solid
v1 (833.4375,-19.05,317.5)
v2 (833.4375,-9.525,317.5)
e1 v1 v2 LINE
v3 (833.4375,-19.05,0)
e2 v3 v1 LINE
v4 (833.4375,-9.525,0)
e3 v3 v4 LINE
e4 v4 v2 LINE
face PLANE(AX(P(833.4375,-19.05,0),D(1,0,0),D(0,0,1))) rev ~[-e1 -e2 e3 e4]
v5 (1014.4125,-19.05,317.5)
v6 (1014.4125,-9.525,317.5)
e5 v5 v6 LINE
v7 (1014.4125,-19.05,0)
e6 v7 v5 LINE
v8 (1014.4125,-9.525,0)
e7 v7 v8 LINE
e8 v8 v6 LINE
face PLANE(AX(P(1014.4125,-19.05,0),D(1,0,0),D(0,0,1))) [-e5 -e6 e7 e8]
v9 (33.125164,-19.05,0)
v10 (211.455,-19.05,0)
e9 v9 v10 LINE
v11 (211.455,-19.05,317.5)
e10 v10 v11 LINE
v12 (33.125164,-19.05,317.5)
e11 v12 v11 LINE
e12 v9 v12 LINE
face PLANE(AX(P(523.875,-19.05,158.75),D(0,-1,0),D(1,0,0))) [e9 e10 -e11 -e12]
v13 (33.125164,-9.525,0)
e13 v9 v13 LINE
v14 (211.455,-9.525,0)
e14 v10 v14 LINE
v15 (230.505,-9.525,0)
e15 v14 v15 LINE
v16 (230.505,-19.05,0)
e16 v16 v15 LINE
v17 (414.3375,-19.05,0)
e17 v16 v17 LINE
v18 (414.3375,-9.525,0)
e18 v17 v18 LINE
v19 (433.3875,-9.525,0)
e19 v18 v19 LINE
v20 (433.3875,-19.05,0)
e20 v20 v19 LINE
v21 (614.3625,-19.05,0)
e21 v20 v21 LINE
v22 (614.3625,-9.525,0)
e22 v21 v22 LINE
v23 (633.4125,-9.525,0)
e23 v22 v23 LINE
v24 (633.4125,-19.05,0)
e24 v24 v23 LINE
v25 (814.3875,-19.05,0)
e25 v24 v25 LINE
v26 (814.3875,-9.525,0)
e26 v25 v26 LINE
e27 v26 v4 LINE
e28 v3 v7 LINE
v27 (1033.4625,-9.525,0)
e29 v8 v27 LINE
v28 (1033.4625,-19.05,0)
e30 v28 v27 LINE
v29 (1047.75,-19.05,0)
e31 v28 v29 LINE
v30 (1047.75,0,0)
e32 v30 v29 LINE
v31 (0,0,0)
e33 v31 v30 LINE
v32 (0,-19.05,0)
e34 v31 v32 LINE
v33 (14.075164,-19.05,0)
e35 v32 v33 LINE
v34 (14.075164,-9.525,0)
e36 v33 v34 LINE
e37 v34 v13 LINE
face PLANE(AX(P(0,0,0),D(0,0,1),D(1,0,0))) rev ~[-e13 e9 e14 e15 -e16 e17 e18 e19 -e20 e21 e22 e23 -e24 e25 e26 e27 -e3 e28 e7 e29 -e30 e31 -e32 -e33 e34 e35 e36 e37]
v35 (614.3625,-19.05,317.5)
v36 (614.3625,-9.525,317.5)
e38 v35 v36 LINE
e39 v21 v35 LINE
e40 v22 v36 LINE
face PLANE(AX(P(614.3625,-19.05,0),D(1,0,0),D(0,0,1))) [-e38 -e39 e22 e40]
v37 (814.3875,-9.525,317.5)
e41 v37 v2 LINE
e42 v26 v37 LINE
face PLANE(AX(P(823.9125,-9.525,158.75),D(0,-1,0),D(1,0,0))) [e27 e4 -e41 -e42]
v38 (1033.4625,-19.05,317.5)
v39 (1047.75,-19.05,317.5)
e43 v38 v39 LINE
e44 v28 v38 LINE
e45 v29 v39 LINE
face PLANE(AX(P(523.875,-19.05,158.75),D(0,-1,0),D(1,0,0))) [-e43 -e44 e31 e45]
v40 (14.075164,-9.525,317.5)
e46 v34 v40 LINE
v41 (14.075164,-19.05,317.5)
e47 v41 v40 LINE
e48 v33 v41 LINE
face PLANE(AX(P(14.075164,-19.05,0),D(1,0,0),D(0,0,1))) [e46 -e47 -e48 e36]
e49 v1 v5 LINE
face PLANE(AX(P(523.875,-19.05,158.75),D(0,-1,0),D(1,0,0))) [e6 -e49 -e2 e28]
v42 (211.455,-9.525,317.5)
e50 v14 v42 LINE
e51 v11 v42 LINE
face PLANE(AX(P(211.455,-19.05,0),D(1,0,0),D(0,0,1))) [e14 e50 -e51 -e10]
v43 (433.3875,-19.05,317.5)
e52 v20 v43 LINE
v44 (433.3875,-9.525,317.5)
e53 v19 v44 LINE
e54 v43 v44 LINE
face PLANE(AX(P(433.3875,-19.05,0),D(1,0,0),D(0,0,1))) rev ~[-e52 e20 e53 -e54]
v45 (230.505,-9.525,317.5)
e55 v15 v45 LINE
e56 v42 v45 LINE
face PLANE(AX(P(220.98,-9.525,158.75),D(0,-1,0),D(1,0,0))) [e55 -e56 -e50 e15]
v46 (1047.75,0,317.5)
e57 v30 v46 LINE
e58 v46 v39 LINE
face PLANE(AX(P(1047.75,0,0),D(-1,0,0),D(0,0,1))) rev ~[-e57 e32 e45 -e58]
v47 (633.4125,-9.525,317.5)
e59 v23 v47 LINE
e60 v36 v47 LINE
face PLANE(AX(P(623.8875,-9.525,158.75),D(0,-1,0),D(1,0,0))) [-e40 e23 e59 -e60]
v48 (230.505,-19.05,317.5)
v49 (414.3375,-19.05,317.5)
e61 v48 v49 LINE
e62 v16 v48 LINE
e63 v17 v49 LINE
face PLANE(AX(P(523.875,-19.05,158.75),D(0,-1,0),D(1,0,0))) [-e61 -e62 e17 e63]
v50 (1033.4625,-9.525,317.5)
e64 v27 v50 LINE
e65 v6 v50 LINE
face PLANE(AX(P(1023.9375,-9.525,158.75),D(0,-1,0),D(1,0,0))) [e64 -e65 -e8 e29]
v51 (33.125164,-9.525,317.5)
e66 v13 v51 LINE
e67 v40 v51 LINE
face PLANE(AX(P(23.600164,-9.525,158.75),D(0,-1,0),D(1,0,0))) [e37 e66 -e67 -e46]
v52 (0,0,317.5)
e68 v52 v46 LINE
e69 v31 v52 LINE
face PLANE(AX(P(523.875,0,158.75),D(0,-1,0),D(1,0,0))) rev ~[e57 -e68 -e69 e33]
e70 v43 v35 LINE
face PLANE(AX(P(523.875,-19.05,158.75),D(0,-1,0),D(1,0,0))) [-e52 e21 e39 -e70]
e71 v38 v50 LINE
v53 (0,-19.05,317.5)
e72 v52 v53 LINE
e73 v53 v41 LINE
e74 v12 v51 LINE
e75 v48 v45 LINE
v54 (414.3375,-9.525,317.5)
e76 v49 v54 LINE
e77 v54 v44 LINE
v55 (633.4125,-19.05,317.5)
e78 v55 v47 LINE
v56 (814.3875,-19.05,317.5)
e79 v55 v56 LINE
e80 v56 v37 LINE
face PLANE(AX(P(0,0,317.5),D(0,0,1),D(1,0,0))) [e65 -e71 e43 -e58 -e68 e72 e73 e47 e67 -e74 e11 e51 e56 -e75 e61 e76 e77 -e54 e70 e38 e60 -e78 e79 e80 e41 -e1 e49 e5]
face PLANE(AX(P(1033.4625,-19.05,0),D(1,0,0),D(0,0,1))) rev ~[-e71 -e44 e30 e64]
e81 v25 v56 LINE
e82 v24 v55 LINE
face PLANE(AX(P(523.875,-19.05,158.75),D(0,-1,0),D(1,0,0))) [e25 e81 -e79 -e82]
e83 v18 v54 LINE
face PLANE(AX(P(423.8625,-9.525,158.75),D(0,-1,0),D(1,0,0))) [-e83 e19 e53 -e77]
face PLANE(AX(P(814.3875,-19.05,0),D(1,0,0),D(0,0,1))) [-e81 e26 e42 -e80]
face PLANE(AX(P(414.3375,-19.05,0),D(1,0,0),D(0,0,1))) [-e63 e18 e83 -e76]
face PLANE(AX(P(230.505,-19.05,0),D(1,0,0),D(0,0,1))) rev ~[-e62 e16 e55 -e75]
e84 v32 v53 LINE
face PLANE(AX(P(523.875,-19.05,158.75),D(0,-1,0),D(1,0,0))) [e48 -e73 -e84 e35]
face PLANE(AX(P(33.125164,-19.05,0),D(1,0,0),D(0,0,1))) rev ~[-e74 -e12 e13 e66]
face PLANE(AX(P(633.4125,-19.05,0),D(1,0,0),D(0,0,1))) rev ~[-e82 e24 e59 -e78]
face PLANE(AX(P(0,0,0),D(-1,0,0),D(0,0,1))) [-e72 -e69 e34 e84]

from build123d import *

# Parameters (mm, degrees)
F0_W      = 1047.75
F0_H      = 317.5
F1_DEPTH  = 19.05
F2_W      = 19.05
F2_H      = 317.5
F3_DEPTH  = 9.525
F4_W      = 19.05
F4_H      = 317.5
F5_DEPTH  = 9.525
F6_W      = 19.05
F6_H      = 317.5
F7_DEPTH  = 9.525
F8_W      = 19.05
F8_H      = 317.5
F9_DEPTH  = 9.525
F10_W     = 19.05
F10_H     = 317.5
F11_DEPTH = 9.525
F12_W     = 19.05
F12_H     = 317.5
F13_DEPTH = 9.525


with BuildPart() as f1:
    # F0 (on Front) → F1 (new body)
    with BuildSketch(Plane.XZ):
        with Locations((523.875, 158.75)):
            Rectangle(F0_W, F0_H)
    extrude(amount=F1_DEPTH)

    # F2 (on face) → F3 (cut)
    with BuildSketch(Plane.XZ.offset(19.05)):
        with Locations((23.600164, 158.75)):
            Rectangle(F2_W, F2_H)
    extrude(amount=-F3_DEPTH, mode=Mode.SUBTRACT)

    # F4 (on face) → F5 (cut)
    with BuildSketch(Plane.XZ.offset(19.05)):
        with Locations((1023.9375, 158.75)):
            Rectangle(F4_W, F4_H)
    extrude(amount=-F5_DEPTH, mode=Mode.SUBTRACT)

    # F6 (on face) → F7 (cut)
    with BuildSketch(Plane.XZ.offset(19.05)):
        with Locations((823.9125, 158.75)):
            Rectangle(F6_W, F6_H)
    extrude(amount=-F7_DEPTH, mode=Mode.SUBTRACT)

    # F8 (on face) → F9 (cut)
    with BuildSketch(Plane.XZ.offset(19.05)):
        with Locations((220.98, 158.75)):
            Rectangle(F8_W, F8_H)
    extrude(amount=-F9_DEPTH, mode=Mode.SUBTRACT)

    # F10 (on face) → F11 (cut)
    with BuildSketch(Plane.XZ.offset(19.05)):
        with Locations((423.8625, 158.75)):
            Rectangle(F10_W, F10_H)
    extrude(amount=-F11_DEPTH, mode=Mode.SUBTRACT)

    # F12 (on face) → F13 (cut)
    with BuildSketch(Plane.XZ.offset(19.05)):
        with Locations((623.8875, 158.75)):
            Rectangle(F12_W, F12_H)
    extrude(amount=-F13_DEPTH, mode=Mode.SUBTRACT)


solid = f1.part
